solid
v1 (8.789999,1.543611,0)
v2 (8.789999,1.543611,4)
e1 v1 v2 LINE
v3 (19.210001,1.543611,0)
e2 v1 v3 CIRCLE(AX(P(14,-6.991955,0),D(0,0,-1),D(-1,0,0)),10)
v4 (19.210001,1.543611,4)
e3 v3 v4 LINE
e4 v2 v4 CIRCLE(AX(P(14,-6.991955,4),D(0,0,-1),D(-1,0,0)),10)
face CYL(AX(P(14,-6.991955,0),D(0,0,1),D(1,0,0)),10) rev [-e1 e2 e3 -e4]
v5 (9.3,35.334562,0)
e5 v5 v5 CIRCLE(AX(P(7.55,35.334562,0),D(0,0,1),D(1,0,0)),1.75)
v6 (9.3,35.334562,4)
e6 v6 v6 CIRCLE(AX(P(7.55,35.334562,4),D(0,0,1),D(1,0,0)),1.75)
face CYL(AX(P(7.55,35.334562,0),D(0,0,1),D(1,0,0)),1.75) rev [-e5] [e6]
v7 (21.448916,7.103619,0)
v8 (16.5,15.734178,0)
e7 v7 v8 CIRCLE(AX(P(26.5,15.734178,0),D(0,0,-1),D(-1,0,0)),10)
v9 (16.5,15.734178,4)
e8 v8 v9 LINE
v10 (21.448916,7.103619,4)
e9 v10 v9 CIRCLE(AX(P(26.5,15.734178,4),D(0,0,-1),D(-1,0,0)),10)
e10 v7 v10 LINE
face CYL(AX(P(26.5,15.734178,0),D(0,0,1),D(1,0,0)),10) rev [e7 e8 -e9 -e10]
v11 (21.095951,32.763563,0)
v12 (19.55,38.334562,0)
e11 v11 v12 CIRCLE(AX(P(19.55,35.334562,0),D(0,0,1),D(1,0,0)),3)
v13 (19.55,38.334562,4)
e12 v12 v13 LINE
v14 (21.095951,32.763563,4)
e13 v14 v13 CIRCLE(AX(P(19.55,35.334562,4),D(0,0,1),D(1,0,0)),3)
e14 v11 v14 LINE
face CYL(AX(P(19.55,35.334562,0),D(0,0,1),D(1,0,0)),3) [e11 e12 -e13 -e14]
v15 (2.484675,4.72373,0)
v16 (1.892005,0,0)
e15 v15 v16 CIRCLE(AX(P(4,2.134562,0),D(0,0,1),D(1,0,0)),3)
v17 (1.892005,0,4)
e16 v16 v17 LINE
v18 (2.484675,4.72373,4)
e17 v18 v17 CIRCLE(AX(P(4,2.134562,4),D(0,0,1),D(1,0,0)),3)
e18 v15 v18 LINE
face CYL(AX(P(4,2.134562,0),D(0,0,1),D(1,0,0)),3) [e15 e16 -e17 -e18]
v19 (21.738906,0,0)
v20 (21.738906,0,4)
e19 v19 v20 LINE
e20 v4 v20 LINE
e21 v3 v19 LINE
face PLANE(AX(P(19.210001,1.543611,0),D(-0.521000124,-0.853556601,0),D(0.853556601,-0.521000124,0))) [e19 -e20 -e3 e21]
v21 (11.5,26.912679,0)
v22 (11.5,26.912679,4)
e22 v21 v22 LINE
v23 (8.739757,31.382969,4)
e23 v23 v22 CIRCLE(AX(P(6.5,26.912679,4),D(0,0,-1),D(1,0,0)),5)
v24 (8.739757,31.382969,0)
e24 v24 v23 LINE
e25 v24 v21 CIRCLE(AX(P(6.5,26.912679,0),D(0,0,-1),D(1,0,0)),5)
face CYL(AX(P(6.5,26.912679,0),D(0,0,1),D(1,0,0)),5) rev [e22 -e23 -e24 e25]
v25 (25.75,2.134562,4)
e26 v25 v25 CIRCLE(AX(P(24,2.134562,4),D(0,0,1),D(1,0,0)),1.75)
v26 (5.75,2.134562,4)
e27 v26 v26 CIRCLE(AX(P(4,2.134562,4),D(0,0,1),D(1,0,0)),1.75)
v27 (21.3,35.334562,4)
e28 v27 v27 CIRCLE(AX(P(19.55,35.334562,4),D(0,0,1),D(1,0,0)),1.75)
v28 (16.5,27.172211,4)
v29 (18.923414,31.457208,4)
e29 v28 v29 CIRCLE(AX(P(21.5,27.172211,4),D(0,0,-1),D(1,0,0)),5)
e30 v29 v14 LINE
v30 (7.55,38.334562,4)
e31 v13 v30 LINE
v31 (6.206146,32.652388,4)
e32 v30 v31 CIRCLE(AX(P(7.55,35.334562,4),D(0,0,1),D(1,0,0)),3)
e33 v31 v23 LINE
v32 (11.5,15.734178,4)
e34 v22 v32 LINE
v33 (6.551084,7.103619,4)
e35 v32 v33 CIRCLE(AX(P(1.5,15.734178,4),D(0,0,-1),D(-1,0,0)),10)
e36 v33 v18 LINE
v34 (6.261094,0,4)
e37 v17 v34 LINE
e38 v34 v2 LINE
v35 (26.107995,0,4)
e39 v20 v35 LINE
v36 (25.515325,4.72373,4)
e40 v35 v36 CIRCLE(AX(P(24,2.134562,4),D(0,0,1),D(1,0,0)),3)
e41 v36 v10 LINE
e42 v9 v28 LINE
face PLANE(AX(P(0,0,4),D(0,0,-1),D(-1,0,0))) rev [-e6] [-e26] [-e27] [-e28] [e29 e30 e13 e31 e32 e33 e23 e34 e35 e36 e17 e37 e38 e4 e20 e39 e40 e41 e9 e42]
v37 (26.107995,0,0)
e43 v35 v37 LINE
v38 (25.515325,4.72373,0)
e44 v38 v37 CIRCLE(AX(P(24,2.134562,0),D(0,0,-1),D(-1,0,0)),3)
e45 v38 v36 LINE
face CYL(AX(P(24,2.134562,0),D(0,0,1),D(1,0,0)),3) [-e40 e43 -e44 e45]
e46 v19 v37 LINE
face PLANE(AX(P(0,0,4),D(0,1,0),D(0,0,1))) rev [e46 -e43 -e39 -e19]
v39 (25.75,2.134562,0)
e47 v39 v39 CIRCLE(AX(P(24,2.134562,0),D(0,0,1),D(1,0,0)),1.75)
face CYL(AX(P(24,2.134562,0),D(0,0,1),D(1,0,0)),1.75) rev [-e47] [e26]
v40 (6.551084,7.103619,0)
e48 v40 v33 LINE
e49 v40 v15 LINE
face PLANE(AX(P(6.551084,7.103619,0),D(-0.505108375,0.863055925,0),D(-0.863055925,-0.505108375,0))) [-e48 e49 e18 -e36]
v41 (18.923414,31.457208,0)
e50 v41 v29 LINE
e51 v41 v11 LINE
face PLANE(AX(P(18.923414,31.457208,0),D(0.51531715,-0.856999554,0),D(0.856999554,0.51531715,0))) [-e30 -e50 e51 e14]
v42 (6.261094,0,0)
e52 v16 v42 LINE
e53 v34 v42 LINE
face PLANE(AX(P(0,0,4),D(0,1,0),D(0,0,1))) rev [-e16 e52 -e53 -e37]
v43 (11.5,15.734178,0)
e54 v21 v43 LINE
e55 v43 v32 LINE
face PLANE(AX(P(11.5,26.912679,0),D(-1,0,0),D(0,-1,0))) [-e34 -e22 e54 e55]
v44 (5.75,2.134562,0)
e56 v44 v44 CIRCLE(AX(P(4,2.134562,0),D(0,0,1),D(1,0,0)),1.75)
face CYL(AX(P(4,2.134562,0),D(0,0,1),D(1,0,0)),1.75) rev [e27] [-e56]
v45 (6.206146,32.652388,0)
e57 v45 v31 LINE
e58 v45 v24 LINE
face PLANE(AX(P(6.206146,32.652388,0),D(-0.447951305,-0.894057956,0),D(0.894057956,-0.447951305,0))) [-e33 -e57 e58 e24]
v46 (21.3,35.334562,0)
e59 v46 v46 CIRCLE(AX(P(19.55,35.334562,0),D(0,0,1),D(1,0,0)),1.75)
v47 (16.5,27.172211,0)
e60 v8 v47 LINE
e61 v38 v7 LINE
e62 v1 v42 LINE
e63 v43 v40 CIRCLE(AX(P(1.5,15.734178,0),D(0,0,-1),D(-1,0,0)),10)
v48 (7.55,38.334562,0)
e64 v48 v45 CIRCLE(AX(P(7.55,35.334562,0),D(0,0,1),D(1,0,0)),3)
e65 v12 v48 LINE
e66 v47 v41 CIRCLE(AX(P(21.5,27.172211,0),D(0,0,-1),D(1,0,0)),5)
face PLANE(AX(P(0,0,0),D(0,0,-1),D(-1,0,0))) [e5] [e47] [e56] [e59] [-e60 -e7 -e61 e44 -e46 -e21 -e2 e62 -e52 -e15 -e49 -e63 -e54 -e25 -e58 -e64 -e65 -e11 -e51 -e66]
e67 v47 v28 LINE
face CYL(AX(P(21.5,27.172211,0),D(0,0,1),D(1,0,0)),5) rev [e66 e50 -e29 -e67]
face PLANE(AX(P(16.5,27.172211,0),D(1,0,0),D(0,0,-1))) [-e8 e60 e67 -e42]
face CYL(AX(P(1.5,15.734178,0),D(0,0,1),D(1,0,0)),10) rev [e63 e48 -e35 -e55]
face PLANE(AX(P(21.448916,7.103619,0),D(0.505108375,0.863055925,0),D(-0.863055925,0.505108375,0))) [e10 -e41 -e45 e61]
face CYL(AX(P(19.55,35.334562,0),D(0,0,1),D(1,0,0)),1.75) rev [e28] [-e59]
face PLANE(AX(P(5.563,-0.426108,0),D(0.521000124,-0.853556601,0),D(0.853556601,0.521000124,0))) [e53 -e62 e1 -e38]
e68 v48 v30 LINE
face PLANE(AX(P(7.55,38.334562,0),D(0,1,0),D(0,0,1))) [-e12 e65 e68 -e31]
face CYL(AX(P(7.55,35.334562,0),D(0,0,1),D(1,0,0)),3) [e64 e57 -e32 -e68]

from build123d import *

# Parameters (mm, degrees)
SKETCH_1_W          = 28
SKETCH_1_H          = 40
EXTRUDE_1_DEPTH     = 4
SKETCH_2_R          = 1.75
CUT_EXTRUDE_1_DEPTH = 49.989794856
SKETCH_3_W          = 46.756275812
SKETCH_3_H          = 48.920918211
CUT_EXTRUDE_2_DEPTH = 49.989794856


with BuildPart() as part:
    # 草图1 → 凸台-拉伸1 (new body)
    with BuildSketch(Plane.XY):
        with Locations((14, 20)):
            Rectangle(SKETCH_1_W, SKETCH_1_H)
    extrude(amount=EXTRUDE_1_DEPTH)

    # 草图2 → 切除-拉伸1 (cut, through all)
    with BuildSketch(Plane.XY.offset(4)):
        with Locations((7.55, 35.334562065)):
            Circle(SKETCH_2_R)
        with Locations((19.55, 35.334562065)):
            Circle(SKETCH_2_R)
        with Locations((4, 2.134562065)):
            Circle(SKETCH_2_R)
        with Locations((24, 2.134562065)):
            Circle(SKETCH_2_R)
    extrude(amount=-CUT_EXTRUDE_1_DEPTH, mode=Mode.SUBTRACT)

    # 草图3 → 切除-拉伸2 (cut, through all)
    with BuildSketch(Plane.XY.offset(4)):
        with Locations((16.027589169, 19.550398151)):
            Rectangle(SKETCH_3_W, SKETCH_3_H)
        with BuildLine():
            Line((11.5, 26.912679478), (11.5, 15.734177946))
            ThreePointArc((11.5, 15.734177946), (10.174988112, 10.759785395), (6.551083749, 7.103618696))
            Line((6.551083749, 7.103618696), (2.484674875, 4.72372984))
            ThreePointArc((2.484674875, 4.72372984), (1.424970874, 0.595333362), (5.563000373, -0.426107736))
            Line((5.563000373, -0.426107736), (8.789998756, 1.543611152))
            ThreePointArc((8.789998756, 1.543611152), (14, 3.008045147), (19.210001244, 1.543611152))
            Line((19.210001244, 1.543611152), (22.436999627, -0.426107736))
            ThreePointArc((22.436999627, -0.426107736), (26.575029126, 0.595333362), (25.515325125, 4.72372984))
            Line((25.515325125, 4.72372984), (21.448916251, 7.103618696))
            ThreePointArc((21.448916251, 7.103618696), (17.825011888, 10.759785395), (16.5, 15.734177946))
            Line((16.5, 15.734177946), (16.5, 27.172210605))
            ThreePointArc((16.5, 27.172210605), (17.147820732, 29.633619881), (18.923414249, 31.457208372))
            Line((18.923414249, 31.457208372), (21.095951451, 32.763563405))
            ThreePointArc((21.095951451, 32.763563405), (22.440760798, 36.136747835), (19.55, 38.334562065))
            Line((19.55, 38.334562065), (7.55, 38.334562065))
            ThreePointArc((7.55, 38.334562065), (4.630537584, 36.025025097), (6.206146085, 32.652388198))
            Line((6.206146085, 32.652388198), (8.739756525, 31.382969257))
            ThreePointArc((8.739756525, 31.382969257), (10.754337941, 29.539580444), (11.5, 26.912679478))
        make_face(mode=Mode.SUBTRACT)
    extrude(amount=-CUT_EXTRUDE_2_DEPTH, mode=Mode.SUBTRACT)


solid = part.part
